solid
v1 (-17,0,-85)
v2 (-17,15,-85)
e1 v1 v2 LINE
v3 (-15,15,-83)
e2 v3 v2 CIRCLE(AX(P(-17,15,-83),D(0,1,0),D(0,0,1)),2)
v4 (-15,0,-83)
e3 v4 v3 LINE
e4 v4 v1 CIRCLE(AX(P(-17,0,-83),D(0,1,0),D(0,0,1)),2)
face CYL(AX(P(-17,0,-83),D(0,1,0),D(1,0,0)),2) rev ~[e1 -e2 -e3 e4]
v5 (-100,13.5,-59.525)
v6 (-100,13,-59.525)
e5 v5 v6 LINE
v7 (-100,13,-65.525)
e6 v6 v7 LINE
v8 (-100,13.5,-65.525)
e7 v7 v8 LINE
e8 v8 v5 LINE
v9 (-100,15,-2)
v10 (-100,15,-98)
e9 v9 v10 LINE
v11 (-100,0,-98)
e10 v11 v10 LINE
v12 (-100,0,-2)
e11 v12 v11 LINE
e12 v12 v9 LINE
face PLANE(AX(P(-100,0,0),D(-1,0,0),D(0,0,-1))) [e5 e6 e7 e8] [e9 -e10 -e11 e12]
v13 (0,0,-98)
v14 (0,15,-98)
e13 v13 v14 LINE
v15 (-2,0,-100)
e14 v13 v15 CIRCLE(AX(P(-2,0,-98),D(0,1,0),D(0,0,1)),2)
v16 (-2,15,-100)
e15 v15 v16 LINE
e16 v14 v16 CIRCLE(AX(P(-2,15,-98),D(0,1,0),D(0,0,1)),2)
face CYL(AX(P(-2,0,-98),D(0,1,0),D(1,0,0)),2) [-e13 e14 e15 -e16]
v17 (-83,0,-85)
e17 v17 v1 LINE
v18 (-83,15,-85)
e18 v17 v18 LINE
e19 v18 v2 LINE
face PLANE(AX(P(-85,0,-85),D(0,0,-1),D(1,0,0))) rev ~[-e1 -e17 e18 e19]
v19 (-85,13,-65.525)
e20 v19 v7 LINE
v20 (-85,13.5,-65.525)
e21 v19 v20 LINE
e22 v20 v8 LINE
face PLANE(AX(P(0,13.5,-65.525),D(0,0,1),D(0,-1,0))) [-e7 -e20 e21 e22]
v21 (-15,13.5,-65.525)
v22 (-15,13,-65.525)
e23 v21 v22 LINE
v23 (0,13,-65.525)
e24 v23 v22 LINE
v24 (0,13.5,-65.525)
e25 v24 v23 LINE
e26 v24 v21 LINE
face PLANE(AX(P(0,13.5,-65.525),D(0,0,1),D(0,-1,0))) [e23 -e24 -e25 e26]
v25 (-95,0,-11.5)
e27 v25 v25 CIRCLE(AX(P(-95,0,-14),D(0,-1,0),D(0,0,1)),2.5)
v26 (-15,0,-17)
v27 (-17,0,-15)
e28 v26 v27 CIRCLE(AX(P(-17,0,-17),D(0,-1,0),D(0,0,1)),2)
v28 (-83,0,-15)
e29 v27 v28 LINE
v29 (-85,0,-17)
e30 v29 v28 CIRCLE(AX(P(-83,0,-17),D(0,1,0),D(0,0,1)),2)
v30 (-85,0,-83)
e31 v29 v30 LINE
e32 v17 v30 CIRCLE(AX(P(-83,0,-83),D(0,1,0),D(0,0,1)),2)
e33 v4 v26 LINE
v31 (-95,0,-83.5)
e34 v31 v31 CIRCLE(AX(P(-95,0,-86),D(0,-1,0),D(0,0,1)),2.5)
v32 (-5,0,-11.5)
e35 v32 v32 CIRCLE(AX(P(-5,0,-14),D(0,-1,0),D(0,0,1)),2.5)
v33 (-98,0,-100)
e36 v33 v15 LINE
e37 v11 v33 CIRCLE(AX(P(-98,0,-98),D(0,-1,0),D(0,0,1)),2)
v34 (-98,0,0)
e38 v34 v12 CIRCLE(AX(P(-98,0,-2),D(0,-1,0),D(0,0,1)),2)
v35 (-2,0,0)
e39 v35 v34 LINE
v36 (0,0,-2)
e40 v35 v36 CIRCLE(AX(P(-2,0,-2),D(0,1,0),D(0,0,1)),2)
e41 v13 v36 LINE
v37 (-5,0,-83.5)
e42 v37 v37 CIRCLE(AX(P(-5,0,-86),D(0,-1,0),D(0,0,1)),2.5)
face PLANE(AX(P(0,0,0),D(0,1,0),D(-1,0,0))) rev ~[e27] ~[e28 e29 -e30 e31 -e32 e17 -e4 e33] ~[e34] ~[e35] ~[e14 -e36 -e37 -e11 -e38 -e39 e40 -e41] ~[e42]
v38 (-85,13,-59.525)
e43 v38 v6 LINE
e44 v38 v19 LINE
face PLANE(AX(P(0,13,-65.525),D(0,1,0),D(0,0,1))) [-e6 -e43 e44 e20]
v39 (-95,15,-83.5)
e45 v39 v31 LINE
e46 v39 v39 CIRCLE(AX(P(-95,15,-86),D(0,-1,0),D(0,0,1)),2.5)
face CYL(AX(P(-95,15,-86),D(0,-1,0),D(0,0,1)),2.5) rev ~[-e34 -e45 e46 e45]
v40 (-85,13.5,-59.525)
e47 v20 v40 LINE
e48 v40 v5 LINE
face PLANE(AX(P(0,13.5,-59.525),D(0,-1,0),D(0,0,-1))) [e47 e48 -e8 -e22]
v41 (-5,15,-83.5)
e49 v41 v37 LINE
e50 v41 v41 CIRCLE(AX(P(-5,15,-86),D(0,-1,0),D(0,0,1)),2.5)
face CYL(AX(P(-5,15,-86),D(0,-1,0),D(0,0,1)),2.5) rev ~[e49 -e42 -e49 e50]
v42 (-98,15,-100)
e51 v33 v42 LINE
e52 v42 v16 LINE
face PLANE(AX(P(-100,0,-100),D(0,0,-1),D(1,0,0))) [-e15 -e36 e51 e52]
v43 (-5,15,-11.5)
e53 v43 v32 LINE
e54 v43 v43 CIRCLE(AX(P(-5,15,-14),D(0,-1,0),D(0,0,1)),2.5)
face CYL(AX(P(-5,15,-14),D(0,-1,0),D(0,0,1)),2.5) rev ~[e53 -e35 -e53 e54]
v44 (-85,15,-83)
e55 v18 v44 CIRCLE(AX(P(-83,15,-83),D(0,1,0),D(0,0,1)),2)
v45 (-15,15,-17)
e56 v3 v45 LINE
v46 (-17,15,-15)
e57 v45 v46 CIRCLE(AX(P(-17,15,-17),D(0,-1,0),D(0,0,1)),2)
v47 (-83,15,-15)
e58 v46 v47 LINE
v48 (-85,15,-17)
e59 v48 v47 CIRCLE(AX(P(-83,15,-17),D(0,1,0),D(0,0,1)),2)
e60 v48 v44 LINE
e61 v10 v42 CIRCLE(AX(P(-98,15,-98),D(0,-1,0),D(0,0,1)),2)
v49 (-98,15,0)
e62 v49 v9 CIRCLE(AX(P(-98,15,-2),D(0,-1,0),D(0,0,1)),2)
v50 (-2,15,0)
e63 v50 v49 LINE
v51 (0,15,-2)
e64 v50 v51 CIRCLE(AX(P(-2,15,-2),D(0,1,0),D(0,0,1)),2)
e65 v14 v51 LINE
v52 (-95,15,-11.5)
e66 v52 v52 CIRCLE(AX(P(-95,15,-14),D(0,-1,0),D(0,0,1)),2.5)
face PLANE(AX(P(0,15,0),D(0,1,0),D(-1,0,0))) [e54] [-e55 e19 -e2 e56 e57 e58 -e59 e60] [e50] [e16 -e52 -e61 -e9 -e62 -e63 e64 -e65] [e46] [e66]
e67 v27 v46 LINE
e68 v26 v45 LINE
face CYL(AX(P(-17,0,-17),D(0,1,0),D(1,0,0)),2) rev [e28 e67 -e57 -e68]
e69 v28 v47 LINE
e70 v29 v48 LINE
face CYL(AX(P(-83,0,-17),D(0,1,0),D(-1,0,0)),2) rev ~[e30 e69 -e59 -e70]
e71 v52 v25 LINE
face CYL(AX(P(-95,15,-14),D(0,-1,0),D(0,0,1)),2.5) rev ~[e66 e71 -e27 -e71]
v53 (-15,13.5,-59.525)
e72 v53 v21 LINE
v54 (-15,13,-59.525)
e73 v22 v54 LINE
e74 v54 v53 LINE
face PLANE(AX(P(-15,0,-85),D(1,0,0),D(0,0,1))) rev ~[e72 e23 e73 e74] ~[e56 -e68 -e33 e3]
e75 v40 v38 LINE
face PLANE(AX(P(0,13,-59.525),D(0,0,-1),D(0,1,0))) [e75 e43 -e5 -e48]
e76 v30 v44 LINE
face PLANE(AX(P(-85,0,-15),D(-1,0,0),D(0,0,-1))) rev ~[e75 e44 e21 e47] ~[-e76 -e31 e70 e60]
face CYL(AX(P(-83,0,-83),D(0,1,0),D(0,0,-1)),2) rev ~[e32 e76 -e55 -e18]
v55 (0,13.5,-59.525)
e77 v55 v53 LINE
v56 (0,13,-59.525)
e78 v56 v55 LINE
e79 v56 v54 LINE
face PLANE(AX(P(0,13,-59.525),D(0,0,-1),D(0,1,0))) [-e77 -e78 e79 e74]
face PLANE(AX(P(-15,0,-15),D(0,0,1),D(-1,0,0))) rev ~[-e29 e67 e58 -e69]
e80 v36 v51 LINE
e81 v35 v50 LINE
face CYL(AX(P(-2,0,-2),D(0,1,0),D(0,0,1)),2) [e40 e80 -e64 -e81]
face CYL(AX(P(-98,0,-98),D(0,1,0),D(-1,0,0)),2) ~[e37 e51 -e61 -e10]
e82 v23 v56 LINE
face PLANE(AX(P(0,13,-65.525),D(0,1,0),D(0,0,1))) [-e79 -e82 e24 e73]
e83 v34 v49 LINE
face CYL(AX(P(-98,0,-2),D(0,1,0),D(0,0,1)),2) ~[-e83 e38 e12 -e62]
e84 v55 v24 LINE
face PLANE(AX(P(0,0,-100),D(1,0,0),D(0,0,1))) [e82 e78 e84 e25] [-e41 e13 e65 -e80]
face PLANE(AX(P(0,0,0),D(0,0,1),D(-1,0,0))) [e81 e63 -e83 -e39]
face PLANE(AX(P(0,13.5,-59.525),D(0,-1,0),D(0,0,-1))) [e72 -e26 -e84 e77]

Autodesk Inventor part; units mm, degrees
ref_plane "YZ Plane" through (0, 0, 0) normal (1, 0, 0) x (0, 1, 0)
ref_plane "XZ Plane" through (0, 0, 0) normal (0, 1, 0) x (-1, 0, 0)
ref_plane "XY Plane" through (0, 0, 0) normal (0, 0, 1) x (1, 0, 0)
sketch "Szkic1" plane through (0, 0, 0) normal (0, 1, 0) x (-1, 0, 0)
  line L0 (0, 0) -> (100, 0)
  line L1 (100, 0) -> (100, -100)
  line L2 (100, -100) -> (0, -100)
  line L3 (0, -100) -> (0, 0)
  dimension "d0" = 100
  dimension "d1" = 100
sketch "Szkic2" plane through (0, 0, 0) normal (0, 1, 0) x (-1, 0, 0)
  line L0 (15, -15) -> (85, -15)
  line L1 (85, -15) -> (85, -85)
  line L2 (85, -85) -> (15, -85)
  line L3 (15, -85) -> (15, -15)
  point P0 (0, 0)
  dimension "d2" = 70
  dimension "d3" = 70
  dimension "d4" = 15
  dimension "d5" = 15
extrude "Wyciągnięcie proste1" add sketch "Szkic1" along normal blind 15
extrude "Wyciągnięcie proste2" cut sketch "Szkic2" along normal blind 15
fillet "Zaokrąglenie1" radius 2 8 edges at (-85, 7.5, -85) (-15, 7.5, -85) (-15, 7.5, -15) (-85, 7.5, -15) (-100, 7.5, 0) (-100, 7.5, -100) (0, 7.5, -100) (0, 7.5, 0)
sketch "Szkic3" plane through (0, 15, 0) normal (0, 1, 0) x (1, 0, 0)
  line L0 (0, 2) -> (0, 98) projected
  line L1 (-2, 100) -> (-98, 100) projected
  line L2 (-98, 0) -> (-2, 0) projected
  line L3 (-100, 98) -> (-100, 2) projected
  point P0 (0, 0)
  point P1 (-5, 86)
  point P2 (-5, 14)
  point P3 (-95, 86)
  point P4 (-95, 14)
  dimension "d11" = 5
  dimension "d12" = 14
  dimension "d13" = 14
  dimension "d14" = 14
  dimension "d15" = 5
  dimension "d16" = 5
  dimension "d17" = 5
  dimension "d18" = 14
hole "Otwór1" at (-5, 15, -86) at (-5, 15, -14) at (-95, 15, -86) at (-95, 15, -14) direction (0, -1, 0) diameter 5 depth 15 clearance for "Śruba ze łbem płaskim obrobiona" size "M4" standard "ANSI Profil metryczny M"
sketch "Szkic4" plane through (0, 15, 0) normal (0, 1, 0) x (1, 0, 0)
  point P0 (0, 0)
sketch "Szkic5" plane through (0, 0, -2) normal (1, 0, 0) x (0, 0, -1)
  line L0 (57.525, 13.5) -> (63.525, 13.5)
  line L1 (63.525, 13.5) -> (63.525, 13)
  line L2 (63.525, 13) -> (57.525, 13)
  line L3 (57.525, 13) -> (57.525, 13.5)
  line L4 (0, 15) -> (96, 15) projected
  line L5 (98, 0) -> (98, 15) projected
  point P0 (-2, 0)
  point P1 (63.525, 13.25)
  dimension "d26" = 6
  dimension "d27" = 0.5
  dimension "d28" = 1.5
  dimension "d29" = 34.475
extrude "Wyciągnięcie proste3" cut sketch "Szkic5" against normal through all
equation "\"d1\" = d0"
equation "\"d13\" = d12"
equation "\"d14\" = d12"
equation "\"d15\" = d11"
equation "\"d16\" = d11"
equation "\"d17\" = d11"
equation "\"d18\" = d12"
properties part number "podstawka_prowadzaca"
